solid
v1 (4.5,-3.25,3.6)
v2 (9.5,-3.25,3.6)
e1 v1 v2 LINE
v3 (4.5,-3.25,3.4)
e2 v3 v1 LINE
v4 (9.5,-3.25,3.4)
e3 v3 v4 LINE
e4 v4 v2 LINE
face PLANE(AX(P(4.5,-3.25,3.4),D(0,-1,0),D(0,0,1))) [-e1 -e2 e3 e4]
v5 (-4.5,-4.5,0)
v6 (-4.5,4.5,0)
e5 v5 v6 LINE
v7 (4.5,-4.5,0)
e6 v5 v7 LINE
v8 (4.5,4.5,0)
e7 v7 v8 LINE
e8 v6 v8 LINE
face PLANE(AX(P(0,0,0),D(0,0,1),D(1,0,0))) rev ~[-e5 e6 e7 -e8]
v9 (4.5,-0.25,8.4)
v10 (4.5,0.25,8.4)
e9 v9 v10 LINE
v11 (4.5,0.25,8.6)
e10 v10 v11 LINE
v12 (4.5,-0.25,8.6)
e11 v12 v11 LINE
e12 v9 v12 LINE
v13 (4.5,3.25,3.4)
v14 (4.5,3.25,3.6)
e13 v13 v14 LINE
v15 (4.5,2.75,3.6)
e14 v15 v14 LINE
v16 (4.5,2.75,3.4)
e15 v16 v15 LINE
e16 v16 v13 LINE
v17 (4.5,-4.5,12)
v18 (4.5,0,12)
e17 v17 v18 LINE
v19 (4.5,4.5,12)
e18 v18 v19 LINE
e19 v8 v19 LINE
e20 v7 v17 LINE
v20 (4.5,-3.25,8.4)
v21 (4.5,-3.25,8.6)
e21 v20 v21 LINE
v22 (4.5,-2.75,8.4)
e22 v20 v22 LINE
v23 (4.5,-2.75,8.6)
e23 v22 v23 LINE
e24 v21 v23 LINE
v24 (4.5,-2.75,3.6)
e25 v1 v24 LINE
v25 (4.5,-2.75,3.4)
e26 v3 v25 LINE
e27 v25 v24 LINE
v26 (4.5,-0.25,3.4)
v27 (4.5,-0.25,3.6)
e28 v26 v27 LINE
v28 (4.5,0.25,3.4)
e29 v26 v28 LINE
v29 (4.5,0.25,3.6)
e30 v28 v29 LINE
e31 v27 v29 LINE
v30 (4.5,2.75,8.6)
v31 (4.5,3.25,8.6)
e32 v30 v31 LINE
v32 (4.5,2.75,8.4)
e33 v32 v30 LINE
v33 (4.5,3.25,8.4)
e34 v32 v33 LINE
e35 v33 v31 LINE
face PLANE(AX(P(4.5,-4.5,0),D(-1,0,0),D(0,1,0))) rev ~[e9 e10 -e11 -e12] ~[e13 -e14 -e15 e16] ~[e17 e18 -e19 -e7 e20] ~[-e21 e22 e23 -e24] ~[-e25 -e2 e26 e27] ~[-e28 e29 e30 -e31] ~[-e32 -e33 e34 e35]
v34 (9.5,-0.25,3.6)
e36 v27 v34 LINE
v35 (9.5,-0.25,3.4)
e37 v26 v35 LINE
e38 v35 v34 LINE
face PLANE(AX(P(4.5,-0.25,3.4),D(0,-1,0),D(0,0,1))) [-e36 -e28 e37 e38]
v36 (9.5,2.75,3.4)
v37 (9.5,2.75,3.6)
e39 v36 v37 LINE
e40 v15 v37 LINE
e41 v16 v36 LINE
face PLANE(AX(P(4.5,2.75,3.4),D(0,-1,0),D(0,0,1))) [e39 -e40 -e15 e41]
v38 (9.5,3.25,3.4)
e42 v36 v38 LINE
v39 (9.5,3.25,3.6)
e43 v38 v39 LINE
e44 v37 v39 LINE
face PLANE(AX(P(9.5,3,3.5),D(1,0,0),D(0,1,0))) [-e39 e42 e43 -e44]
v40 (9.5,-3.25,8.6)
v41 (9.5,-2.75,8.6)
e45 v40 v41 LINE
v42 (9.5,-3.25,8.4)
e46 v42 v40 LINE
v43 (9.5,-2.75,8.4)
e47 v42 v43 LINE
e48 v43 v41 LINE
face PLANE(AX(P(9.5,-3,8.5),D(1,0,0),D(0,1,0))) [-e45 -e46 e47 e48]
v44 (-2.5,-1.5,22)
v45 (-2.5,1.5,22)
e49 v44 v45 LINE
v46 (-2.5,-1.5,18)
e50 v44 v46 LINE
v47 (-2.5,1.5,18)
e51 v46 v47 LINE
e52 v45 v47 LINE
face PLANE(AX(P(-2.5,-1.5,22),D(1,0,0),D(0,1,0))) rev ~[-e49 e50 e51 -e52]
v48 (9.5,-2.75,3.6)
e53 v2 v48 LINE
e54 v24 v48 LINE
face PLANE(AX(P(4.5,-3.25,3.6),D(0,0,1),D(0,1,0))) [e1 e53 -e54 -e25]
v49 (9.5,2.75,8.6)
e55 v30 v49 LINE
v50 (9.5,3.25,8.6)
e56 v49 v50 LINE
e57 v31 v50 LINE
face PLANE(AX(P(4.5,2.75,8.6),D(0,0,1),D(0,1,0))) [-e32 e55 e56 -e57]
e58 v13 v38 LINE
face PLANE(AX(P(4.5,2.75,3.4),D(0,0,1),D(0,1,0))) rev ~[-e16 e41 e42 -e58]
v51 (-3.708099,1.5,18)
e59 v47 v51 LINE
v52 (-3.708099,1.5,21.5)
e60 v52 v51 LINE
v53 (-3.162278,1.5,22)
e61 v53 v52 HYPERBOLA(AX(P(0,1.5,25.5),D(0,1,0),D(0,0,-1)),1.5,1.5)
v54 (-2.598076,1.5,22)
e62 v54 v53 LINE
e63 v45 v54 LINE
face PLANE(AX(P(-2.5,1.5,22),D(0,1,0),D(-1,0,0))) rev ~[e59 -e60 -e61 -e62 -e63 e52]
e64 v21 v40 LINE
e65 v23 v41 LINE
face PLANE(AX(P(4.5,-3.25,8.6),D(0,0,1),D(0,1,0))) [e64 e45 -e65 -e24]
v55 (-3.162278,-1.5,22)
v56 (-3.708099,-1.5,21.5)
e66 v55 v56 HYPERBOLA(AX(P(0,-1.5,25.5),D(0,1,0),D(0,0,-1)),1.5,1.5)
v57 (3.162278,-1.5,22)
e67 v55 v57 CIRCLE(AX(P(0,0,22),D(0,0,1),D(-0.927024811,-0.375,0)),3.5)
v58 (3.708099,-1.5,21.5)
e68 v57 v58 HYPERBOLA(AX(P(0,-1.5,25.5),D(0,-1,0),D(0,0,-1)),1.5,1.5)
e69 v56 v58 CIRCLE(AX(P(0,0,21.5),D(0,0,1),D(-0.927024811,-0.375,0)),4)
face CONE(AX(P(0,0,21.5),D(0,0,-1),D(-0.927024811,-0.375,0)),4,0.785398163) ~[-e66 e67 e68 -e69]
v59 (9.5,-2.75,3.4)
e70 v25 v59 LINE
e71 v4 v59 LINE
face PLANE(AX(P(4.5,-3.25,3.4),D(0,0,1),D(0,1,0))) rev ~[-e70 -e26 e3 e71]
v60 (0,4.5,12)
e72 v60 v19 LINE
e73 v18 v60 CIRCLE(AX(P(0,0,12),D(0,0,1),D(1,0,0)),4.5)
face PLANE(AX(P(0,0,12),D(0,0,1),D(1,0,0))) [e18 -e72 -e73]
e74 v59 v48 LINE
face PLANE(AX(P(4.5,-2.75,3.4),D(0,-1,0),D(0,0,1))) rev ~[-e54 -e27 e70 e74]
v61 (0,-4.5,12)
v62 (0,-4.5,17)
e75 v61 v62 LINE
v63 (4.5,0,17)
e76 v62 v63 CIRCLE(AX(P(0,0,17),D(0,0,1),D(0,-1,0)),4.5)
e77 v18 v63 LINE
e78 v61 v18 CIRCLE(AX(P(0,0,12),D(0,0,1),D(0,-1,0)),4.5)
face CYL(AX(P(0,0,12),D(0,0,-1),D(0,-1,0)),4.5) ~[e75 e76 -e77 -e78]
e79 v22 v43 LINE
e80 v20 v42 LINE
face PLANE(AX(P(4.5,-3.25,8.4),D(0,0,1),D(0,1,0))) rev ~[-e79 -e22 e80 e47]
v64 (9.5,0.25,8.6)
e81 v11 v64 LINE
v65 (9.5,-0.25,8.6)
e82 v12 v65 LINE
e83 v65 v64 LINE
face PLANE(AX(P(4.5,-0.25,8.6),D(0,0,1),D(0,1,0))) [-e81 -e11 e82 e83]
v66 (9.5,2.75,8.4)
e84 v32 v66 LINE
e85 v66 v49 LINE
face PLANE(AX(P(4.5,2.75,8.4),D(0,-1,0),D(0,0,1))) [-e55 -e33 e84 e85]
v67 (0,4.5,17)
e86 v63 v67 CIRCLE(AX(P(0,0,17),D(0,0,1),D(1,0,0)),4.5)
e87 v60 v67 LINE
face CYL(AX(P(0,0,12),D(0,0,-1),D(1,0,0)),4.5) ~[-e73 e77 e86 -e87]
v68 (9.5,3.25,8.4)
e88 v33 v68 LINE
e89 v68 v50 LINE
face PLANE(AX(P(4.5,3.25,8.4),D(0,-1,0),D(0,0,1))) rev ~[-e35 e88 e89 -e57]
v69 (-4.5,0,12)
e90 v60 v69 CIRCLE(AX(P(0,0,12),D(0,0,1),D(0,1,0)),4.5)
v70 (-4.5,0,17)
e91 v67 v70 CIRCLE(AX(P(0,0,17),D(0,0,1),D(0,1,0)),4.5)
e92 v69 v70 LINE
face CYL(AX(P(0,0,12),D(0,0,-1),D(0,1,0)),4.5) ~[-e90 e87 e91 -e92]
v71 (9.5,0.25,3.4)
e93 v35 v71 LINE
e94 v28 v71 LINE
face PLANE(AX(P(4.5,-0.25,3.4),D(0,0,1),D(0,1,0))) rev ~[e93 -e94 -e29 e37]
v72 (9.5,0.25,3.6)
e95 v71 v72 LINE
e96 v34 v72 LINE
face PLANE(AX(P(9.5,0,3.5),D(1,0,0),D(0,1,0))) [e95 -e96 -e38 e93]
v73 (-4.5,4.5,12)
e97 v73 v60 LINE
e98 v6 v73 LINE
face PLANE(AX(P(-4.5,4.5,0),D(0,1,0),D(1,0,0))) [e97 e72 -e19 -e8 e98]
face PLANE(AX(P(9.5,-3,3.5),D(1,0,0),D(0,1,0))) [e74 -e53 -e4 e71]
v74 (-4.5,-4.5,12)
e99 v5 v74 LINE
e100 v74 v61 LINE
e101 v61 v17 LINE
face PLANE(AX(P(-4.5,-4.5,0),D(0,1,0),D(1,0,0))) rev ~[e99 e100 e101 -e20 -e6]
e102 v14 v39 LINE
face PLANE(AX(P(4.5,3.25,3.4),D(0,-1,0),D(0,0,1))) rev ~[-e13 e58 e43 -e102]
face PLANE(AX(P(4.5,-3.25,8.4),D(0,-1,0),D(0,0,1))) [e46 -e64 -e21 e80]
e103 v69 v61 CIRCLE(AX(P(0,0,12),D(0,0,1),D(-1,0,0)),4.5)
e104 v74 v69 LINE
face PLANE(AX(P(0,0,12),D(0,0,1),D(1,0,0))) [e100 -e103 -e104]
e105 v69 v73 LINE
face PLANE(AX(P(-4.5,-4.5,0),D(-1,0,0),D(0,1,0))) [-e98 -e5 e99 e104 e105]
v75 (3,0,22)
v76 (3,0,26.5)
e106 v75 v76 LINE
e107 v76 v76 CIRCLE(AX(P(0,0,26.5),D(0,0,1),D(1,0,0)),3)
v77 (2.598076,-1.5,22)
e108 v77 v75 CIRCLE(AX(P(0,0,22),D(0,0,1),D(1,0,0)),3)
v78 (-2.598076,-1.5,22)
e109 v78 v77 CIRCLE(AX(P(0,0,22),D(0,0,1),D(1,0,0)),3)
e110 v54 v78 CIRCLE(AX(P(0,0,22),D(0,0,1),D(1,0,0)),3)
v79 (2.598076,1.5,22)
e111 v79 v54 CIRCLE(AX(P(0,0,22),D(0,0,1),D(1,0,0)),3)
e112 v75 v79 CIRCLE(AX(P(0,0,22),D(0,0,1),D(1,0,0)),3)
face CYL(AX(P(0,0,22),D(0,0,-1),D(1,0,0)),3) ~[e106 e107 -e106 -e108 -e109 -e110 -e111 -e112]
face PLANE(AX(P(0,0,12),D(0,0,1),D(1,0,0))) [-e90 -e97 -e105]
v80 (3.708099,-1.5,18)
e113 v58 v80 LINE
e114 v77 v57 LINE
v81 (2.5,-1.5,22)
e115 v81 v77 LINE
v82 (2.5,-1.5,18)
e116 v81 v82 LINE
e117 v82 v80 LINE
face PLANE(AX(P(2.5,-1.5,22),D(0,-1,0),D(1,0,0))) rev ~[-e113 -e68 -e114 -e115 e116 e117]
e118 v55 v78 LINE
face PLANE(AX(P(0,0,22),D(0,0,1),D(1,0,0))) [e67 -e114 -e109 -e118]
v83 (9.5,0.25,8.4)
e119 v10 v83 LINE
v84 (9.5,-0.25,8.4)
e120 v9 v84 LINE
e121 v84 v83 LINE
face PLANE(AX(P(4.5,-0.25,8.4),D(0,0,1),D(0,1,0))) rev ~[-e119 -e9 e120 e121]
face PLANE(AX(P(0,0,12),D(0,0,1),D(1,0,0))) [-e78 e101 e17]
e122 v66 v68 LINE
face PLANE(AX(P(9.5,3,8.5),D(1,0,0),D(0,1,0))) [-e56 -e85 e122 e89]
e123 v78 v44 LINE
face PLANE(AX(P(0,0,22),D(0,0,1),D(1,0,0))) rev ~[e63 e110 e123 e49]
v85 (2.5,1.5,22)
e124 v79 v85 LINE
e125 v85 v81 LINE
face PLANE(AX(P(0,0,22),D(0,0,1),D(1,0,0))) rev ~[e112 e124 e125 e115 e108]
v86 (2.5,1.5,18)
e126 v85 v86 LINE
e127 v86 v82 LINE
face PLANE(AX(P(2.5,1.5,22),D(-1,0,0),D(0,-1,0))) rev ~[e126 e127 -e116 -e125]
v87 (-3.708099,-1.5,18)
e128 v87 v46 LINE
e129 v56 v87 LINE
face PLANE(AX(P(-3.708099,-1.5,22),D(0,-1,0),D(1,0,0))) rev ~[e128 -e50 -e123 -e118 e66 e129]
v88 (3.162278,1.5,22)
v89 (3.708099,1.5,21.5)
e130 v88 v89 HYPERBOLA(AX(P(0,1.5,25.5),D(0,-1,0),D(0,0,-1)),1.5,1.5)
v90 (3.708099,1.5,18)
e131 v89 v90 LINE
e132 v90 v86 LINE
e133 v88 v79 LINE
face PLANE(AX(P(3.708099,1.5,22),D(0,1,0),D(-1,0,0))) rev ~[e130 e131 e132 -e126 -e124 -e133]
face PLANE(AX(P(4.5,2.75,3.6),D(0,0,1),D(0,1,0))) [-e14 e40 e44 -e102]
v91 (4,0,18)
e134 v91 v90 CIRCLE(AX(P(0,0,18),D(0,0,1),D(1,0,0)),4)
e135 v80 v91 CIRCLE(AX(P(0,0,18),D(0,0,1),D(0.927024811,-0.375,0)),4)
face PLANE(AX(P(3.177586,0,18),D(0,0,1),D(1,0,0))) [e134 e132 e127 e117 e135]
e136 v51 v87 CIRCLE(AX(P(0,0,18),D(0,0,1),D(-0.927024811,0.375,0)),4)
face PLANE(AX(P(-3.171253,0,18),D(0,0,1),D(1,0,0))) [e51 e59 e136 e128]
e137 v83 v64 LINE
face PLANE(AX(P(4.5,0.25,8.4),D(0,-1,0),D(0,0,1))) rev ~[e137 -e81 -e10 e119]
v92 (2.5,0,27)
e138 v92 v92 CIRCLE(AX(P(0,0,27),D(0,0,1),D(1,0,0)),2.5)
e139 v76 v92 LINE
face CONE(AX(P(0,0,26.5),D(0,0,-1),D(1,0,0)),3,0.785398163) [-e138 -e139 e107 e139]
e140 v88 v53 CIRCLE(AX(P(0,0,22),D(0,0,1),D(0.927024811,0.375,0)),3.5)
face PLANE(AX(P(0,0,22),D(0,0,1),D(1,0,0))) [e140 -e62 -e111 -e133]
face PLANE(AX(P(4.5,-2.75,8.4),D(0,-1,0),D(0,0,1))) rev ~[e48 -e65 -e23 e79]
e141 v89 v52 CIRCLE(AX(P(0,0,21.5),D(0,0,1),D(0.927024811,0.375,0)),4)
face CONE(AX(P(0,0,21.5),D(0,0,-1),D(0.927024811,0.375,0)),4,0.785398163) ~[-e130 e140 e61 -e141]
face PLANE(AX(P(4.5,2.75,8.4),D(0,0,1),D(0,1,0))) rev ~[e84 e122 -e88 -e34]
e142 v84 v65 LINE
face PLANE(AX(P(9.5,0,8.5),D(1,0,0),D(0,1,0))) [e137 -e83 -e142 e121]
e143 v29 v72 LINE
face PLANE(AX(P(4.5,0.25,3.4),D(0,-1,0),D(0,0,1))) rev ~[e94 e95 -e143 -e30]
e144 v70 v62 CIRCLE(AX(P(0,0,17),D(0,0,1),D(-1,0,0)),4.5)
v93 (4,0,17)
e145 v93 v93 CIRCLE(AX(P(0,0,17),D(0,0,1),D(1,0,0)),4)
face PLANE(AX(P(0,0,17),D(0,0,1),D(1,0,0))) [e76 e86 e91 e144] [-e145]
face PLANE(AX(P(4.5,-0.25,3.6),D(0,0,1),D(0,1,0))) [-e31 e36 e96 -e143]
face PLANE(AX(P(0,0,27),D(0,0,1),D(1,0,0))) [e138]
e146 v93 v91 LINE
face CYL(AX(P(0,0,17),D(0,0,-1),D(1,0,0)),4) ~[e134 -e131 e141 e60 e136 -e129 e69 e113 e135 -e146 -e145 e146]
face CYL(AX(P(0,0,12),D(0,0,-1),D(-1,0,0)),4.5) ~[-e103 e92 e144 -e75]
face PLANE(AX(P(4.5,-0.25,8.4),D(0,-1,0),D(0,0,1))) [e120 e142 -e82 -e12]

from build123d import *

# Parameters (mm, degrees)
F0_W      = 9
F0_H      = 9
F1_DEPTH  = 12
F3_DEPTH  = 5
F4_R      = 4
F5_DEPTH  = 5
F7_DEPTH  = 4
F8_R      = 3
F9_DEPTH  = 5
F10_W     = 0.5
F10_H     = 0.2
F11_DEPTH = 5
F12_SIZE  = 0.5


with BuildPart() as f1:
    # F0 (on Top) → F1 (new body)
    with BuildSketch(Plane.XY):
        Rectangle(F0_W, F0_H)
    extrude(amount=F1_DEPTH)

    # F2 (on face) → F3 (join)
    with BuildSketch(Plane.XY.offset(12)):
        with BuildLine():
            ThreePointArc((0, -4.5), (3.1819805153, -3.1819805153), (4.5, 0))
            ThreePointArc((4.5, 0), (3.1819805153, 3.1819805153), (0, 4.5))
            ThreePointArc((0, 4.5), (-3.1819805153, 3.1819805153), (-4.5, 0))
            ThreePointArc((-4.5, 0), (-3.1819805153, -3.1819805153), (0, -4.5))
        make_face()
    extrude(amount=F3_DEPTH)

    # F4 (on face) → F5 (join)
    with BuildSketch(Plane.XY.offset(17)):
        Circle(F4_R)
    extrude(amount=F5_DEPTH)

    # F6 (on face) → F7 (cut)
    with BuildSketch(Plane.XY.offset(22)):
        with BuildLine():
            Line((-2.5, 1.5), (-3.7080992435, 1.5))
            ThreePointArc((-3.7080992435, 1.5), (-4, 0), (-3.7080992435, -1.5))
            Line((-3.7080992435, -1.5), (-2.5, -1.5))
            Line((-2.5, -1.5), (-2.5, 1.5))
        make_face()
        with BuildLine():
            ThreePointArc((3.7080992435, -1.5), (3.92634671, -0.7640690498), (4, 0))
            ThreePointArc((4, 0), (3.92634671, 0.7640690498), (3.7080992435, 1.5))
            Line((3.7080992435, 1.5), (2.5, 1.5))
            Line((2.5, 1.5), (2.5, -1.5))
            Line((2.5, -1.5), (3.7080992435, -1.5))
        make_face()
    extrude(amount=-F7_DEPTH, mode=Mode.SUBTRACT)

    # F8 (on face) → F9 (join)
    with BuildSketch(Plane.XY.offset(22)):
        Circle(F8_R)
    extrude(amount=F9_DEPTH)

    # F10 (on face) → F11 (join)
    with BuildSketch(Plane.YZ.offset(4.5)):
        with Locations((-3, 8.5)):
            Rectangle(F10_W, F10_H)
        with Locations((0, 8.5)):
            Rectangle(F10_W, F10_H)
        with Locations((3, 8.5)):
            Rectangle(F10_W, F10_H)
        with Locations((-3, 3.5)):
            Rectangle(F10_W, F10_H)
        with Locations((0, 3.5)):
            Rectangle(F10_W, F10_H)
        with Locations((3, 3.5)):
            Rectangle(F10_W, F10_H)
    extrude(amount=F11_DEPTH)

    # F12
    f12_edges = [f1.edges().sort_by_distance(p)[0] for p in [
        (-3, 0, 27),
        (0, 4, 22),
        (0, -4, 22),
    ]]
    chamfer(f12_edges, length=F12_SIZE)


solid = f1.part
